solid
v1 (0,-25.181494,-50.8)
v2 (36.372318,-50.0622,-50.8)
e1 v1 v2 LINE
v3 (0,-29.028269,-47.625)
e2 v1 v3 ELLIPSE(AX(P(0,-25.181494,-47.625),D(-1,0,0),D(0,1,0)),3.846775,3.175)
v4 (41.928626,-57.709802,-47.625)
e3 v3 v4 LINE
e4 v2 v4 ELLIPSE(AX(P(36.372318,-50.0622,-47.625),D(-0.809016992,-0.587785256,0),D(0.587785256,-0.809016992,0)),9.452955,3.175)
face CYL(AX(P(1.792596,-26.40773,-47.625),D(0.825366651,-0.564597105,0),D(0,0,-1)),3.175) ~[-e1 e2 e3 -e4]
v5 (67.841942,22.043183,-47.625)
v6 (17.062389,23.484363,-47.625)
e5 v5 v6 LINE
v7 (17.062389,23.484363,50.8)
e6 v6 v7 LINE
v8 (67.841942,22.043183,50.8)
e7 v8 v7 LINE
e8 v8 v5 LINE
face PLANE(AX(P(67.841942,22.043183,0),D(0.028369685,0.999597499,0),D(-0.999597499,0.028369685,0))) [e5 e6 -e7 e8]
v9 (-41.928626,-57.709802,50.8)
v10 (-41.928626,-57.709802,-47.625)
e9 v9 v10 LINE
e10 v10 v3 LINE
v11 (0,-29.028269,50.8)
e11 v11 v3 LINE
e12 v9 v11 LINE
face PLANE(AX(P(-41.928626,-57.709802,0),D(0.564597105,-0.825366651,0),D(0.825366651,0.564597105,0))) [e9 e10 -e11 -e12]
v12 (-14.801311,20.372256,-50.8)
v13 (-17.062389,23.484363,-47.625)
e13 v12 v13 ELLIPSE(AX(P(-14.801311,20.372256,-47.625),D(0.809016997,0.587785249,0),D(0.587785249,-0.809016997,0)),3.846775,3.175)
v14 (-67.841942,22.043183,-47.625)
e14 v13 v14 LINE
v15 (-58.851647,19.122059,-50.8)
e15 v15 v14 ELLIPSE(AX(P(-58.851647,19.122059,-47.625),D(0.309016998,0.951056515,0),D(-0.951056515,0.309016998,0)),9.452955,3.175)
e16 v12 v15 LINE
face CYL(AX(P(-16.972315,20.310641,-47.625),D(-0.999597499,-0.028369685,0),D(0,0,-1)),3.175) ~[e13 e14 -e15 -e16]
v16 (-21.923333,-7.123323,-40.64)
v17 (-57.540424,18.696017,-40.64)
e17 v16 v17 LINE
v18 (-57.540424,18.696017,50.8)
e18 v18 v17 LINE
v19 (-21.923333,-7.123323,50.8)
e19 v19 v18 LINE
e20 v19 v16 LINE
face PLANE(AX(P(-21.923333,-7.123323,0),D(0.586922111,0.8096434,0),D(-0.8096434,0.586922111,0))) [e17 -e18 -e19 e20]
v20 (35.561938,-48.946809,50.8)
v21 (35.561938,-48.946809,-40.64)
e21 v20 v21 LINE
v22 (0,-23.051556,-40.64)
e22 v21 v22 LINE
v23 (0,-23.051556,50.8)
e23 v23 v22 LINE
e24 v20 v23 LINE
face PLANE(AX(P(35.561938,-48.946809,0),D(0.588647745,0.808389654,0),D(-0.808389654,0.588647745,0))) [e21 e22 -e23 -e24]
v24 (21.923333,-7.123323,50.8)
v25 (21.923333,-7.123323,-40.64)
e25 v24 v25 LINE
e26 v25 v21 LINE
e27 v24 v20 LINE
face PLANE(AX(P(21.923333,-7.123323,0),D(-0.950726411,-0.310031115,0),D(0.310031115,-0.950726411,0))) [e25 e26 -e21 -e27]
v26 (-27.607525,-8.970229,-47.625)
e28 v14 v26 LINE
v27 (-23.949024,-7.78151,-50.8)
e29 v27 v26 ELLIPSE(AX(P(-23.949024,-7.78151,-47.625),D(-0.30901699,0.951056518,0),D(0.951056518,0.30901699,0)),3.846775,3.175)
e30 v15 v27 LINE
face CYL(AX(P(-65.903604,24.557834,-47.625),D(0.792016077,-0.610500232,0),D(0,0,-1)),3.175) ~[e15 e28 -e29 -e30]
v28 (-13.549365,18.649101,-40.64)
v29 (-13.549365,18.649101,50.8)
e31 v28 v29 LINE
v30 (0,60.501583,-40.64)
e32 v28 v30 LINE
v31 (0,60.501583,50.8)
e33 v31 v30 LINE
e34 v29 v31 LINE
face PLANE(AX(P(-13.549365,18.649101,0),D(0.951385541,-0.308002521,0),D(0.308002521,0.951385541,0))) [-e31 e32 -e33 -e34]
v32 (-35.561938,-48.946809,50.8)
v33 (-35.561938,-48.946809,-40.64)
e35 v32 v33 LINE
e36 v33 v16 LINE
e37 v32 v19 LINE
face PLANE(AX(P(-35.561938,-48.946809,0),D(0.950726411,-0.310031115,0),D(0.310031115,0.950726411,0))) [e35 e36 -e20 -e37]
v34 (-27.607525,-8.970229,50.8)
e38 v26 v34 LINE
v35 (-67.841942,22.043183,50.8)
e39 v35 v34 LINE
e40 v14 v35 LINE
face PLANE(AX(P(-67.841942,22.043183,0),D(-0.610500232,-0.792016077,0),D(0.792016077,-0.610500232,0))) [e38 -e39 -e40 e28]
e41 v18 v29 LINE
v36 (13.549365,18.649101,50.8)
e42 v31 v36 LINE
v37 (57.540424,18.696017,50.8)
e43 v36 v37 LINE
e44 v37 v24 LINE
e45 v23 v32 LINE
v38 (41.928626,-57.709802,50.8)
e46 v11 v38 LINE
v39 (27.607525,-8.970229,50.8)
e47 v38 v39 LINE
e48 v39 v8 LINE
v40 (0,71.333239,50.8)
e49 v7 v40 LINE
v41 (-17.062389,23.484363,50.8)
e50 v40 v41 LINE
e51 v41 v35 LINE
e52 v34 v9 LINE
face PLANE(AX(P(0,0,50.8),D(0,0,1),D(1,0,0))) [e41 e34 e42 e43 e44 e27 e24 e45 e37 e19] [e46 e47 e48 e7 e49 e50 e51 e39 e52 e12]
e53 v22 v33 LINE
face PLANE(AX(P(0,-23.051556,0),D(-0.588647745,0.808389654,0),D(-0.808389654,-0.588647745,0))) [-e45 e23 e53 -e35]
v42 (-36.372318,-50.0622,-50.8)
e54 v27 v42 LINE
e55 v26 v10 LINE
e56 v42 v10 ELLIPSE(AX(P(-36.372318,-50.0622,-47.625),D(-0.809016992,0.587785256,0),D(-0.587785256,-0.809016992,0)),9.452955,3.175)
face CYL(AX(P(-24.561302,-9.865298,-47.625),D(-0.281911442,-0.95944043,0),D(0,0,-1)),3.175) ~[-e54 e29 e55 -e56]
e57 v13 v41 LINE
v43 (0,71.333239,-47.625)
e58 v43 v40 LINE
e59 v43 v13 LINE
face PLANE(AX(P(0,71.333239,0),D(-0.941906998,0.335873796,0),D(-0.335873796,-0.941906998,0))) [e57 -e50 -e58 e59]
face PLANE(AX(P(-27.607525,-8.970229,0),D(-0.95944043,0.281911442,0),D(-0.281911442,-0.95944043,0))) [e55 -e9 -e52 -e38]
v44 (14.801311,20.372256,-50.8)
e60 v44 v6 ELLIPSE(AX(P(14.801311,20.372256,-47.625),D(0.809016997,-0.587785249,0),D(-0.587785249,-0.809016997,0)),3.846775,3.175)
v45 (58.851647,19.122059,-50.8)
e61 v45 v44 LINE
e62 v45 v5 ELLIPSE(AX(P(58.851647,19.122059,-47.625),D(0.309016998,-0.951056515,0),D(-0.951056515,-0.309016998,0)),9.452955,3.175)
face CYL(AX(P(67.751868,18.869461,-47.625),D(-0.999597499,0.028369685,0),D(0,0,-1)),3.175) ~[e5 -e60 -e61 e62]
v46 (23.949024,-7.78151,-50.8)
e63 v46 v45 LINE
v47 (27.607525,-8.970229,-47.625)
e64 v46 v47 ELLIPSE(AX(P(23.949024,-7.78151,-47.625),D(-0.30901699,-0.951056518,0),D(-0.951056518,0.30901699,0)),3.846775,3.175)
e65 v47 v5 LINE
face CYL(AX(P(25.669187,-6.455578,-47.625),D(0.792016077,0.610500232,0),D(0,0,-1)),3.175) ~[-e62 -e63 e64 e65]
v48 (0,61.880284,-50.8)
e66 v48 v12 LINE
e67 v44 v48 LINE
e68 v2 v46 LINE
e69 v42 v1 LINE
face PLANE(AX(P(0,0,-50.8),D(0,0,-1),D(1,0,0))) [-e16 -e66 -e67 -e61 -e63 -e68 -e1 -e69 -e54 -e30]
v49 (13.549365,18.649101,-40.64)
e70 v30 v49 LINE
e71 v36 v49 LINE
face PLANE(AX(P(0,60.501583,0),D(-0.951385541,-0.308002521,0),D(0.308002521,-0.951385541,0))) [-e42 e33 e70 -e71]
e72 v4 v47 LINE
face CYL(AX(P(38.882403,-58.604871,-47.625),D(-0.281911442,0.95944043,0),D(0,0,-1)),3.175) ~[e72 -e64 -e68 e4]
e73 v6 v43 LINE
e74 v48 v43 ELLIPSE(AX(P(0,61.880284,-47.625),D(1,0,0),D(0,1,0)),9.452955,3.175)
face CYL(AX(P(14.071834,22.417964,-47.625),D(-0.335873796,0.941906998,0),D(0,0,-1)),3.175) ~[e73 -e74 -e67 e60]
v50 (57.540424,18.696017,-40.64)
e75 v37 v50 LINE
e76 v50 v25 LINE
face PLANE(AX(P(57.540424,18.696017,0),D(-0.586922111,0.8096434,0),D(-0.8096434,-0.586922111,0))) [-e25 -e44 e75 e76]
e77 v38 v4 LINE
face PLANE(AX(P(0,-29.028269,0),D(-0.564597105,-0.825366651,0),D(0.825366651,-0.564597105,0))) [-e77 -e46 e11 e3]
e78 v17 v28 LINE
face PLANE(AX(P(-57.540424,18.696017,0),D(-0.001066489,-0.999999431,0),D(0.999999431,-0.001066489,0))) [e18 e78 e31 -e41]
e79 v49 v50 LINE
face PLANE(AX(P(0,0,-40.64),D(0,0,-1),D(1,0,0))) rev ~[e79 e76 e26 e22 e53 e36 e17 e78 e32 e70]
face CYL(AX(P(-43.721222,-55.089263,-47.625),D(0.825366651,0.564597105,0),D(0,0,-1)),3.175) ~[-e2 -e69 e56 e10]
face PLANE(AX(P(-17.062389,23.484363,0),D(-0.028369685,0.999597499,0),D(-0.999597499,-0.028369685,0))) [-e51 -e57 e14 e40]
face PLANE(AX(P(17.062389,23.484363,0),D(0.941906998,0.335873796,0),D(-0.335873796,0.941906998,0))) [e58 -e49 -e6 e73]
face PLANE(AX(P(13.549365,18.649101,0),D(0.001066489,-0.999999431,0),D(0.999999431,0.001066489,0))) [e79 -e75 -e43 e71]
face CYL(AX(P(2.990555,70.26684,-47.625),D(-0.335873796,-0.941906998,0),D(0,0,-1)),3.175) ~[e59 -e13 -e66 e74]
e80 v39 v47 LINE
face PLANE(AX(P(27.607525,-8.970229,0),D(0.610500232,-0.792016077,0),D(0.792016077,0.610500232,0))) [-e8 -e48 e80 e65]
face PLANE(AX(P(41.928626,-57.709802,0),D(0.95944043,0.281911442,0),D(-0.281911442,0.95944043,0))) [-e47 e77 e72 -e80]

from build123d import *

# Parameters (mm, degrees)
F1_DEPTH = 50.8
F3_DEPTH = 10.16
F4_R     = 3.175


with BuildPart() as f1:
    # F0 (on Top) → F1 (new body, symmetric)
    with BuildSketch(Plane.XY):
        Polygon((13.549365, 18.649101), (0, 60.501583), (-13.549365, 18.649101), (-57.540424, 18.696017), (-21.923333, -7.123323), (-35.561938, -48.946809), (0, -23.051556), (35.561938, -48.946809), (21.923333, -7.123323), (57.540424, 18.696017), align=None)
        Polygon((67.841942, 22.043183), (17.062389, 23.484363), (0, 71.333239), (-17.062389, 23.484363), (-67.841942, 22.043183), (-27.607525, -8.970229), (-41.928626, -57.709802), (0, -29.028269), (41.928626, -57.709802), (27.607525, -8.970229), align=None)
        Polygon((-13.549365, 18.649101), (0, 60.501583), (13.549365, 18.649101), (57.540424, 18.696017), (21.923333, -7.123323), (35.561938, -48.946809), (0, -23.051556), (-35.561938, -48.946809), (-21.923333, -7.123323), (-57.540424, 18.696017), align=None, mode=Mode.SUBTRACT)
    extrude(amount=F1_DEPTH, both=True)

    # F2 (on face) → F3 (join)
    with BuildSketch(Plane(origin=(0, 0, -50.8), x_dir=(1, 0, 0), z_dir=(0, 0, -1))):
        Polygon((0, 23.051556), (-35.561938, 48.946809), (-21.923333, 7.123323), (-57.540424, -18.696017), (-13.549365, -18.649101), (0, -60.501583), (13.549365, -18.649101), (57.540424, -18.696017), (21.923333, 7.123323), (35.561938, 48.946809), align=None)
    extrude(amount=-F3_DEPTH)

    # F4
    f4_edges = [f1.edges().sort_by_distance(p)[0] for p in [
        (42.452165, 22.763773, -50.8),
        (8.531194, 47.408801, -50.8),
        (-8.531194, 47.408801, -50.8),
        (-42.452165, 22.763773, -50.8),
        (-47.724733, 6.536477, -50.8),
        (-34.768075, -33.340016, -50.8),
        (-20.964313, -43.369036, -50.8),
        (20.964313, -43.369036, -50.8),
        (34.768075, -33.340016, -50.8),
        (47.724733, 6.536477, -50.8),
    ]]
    fillet(f4_edges, radius=F4_R)


solid = f1.part
